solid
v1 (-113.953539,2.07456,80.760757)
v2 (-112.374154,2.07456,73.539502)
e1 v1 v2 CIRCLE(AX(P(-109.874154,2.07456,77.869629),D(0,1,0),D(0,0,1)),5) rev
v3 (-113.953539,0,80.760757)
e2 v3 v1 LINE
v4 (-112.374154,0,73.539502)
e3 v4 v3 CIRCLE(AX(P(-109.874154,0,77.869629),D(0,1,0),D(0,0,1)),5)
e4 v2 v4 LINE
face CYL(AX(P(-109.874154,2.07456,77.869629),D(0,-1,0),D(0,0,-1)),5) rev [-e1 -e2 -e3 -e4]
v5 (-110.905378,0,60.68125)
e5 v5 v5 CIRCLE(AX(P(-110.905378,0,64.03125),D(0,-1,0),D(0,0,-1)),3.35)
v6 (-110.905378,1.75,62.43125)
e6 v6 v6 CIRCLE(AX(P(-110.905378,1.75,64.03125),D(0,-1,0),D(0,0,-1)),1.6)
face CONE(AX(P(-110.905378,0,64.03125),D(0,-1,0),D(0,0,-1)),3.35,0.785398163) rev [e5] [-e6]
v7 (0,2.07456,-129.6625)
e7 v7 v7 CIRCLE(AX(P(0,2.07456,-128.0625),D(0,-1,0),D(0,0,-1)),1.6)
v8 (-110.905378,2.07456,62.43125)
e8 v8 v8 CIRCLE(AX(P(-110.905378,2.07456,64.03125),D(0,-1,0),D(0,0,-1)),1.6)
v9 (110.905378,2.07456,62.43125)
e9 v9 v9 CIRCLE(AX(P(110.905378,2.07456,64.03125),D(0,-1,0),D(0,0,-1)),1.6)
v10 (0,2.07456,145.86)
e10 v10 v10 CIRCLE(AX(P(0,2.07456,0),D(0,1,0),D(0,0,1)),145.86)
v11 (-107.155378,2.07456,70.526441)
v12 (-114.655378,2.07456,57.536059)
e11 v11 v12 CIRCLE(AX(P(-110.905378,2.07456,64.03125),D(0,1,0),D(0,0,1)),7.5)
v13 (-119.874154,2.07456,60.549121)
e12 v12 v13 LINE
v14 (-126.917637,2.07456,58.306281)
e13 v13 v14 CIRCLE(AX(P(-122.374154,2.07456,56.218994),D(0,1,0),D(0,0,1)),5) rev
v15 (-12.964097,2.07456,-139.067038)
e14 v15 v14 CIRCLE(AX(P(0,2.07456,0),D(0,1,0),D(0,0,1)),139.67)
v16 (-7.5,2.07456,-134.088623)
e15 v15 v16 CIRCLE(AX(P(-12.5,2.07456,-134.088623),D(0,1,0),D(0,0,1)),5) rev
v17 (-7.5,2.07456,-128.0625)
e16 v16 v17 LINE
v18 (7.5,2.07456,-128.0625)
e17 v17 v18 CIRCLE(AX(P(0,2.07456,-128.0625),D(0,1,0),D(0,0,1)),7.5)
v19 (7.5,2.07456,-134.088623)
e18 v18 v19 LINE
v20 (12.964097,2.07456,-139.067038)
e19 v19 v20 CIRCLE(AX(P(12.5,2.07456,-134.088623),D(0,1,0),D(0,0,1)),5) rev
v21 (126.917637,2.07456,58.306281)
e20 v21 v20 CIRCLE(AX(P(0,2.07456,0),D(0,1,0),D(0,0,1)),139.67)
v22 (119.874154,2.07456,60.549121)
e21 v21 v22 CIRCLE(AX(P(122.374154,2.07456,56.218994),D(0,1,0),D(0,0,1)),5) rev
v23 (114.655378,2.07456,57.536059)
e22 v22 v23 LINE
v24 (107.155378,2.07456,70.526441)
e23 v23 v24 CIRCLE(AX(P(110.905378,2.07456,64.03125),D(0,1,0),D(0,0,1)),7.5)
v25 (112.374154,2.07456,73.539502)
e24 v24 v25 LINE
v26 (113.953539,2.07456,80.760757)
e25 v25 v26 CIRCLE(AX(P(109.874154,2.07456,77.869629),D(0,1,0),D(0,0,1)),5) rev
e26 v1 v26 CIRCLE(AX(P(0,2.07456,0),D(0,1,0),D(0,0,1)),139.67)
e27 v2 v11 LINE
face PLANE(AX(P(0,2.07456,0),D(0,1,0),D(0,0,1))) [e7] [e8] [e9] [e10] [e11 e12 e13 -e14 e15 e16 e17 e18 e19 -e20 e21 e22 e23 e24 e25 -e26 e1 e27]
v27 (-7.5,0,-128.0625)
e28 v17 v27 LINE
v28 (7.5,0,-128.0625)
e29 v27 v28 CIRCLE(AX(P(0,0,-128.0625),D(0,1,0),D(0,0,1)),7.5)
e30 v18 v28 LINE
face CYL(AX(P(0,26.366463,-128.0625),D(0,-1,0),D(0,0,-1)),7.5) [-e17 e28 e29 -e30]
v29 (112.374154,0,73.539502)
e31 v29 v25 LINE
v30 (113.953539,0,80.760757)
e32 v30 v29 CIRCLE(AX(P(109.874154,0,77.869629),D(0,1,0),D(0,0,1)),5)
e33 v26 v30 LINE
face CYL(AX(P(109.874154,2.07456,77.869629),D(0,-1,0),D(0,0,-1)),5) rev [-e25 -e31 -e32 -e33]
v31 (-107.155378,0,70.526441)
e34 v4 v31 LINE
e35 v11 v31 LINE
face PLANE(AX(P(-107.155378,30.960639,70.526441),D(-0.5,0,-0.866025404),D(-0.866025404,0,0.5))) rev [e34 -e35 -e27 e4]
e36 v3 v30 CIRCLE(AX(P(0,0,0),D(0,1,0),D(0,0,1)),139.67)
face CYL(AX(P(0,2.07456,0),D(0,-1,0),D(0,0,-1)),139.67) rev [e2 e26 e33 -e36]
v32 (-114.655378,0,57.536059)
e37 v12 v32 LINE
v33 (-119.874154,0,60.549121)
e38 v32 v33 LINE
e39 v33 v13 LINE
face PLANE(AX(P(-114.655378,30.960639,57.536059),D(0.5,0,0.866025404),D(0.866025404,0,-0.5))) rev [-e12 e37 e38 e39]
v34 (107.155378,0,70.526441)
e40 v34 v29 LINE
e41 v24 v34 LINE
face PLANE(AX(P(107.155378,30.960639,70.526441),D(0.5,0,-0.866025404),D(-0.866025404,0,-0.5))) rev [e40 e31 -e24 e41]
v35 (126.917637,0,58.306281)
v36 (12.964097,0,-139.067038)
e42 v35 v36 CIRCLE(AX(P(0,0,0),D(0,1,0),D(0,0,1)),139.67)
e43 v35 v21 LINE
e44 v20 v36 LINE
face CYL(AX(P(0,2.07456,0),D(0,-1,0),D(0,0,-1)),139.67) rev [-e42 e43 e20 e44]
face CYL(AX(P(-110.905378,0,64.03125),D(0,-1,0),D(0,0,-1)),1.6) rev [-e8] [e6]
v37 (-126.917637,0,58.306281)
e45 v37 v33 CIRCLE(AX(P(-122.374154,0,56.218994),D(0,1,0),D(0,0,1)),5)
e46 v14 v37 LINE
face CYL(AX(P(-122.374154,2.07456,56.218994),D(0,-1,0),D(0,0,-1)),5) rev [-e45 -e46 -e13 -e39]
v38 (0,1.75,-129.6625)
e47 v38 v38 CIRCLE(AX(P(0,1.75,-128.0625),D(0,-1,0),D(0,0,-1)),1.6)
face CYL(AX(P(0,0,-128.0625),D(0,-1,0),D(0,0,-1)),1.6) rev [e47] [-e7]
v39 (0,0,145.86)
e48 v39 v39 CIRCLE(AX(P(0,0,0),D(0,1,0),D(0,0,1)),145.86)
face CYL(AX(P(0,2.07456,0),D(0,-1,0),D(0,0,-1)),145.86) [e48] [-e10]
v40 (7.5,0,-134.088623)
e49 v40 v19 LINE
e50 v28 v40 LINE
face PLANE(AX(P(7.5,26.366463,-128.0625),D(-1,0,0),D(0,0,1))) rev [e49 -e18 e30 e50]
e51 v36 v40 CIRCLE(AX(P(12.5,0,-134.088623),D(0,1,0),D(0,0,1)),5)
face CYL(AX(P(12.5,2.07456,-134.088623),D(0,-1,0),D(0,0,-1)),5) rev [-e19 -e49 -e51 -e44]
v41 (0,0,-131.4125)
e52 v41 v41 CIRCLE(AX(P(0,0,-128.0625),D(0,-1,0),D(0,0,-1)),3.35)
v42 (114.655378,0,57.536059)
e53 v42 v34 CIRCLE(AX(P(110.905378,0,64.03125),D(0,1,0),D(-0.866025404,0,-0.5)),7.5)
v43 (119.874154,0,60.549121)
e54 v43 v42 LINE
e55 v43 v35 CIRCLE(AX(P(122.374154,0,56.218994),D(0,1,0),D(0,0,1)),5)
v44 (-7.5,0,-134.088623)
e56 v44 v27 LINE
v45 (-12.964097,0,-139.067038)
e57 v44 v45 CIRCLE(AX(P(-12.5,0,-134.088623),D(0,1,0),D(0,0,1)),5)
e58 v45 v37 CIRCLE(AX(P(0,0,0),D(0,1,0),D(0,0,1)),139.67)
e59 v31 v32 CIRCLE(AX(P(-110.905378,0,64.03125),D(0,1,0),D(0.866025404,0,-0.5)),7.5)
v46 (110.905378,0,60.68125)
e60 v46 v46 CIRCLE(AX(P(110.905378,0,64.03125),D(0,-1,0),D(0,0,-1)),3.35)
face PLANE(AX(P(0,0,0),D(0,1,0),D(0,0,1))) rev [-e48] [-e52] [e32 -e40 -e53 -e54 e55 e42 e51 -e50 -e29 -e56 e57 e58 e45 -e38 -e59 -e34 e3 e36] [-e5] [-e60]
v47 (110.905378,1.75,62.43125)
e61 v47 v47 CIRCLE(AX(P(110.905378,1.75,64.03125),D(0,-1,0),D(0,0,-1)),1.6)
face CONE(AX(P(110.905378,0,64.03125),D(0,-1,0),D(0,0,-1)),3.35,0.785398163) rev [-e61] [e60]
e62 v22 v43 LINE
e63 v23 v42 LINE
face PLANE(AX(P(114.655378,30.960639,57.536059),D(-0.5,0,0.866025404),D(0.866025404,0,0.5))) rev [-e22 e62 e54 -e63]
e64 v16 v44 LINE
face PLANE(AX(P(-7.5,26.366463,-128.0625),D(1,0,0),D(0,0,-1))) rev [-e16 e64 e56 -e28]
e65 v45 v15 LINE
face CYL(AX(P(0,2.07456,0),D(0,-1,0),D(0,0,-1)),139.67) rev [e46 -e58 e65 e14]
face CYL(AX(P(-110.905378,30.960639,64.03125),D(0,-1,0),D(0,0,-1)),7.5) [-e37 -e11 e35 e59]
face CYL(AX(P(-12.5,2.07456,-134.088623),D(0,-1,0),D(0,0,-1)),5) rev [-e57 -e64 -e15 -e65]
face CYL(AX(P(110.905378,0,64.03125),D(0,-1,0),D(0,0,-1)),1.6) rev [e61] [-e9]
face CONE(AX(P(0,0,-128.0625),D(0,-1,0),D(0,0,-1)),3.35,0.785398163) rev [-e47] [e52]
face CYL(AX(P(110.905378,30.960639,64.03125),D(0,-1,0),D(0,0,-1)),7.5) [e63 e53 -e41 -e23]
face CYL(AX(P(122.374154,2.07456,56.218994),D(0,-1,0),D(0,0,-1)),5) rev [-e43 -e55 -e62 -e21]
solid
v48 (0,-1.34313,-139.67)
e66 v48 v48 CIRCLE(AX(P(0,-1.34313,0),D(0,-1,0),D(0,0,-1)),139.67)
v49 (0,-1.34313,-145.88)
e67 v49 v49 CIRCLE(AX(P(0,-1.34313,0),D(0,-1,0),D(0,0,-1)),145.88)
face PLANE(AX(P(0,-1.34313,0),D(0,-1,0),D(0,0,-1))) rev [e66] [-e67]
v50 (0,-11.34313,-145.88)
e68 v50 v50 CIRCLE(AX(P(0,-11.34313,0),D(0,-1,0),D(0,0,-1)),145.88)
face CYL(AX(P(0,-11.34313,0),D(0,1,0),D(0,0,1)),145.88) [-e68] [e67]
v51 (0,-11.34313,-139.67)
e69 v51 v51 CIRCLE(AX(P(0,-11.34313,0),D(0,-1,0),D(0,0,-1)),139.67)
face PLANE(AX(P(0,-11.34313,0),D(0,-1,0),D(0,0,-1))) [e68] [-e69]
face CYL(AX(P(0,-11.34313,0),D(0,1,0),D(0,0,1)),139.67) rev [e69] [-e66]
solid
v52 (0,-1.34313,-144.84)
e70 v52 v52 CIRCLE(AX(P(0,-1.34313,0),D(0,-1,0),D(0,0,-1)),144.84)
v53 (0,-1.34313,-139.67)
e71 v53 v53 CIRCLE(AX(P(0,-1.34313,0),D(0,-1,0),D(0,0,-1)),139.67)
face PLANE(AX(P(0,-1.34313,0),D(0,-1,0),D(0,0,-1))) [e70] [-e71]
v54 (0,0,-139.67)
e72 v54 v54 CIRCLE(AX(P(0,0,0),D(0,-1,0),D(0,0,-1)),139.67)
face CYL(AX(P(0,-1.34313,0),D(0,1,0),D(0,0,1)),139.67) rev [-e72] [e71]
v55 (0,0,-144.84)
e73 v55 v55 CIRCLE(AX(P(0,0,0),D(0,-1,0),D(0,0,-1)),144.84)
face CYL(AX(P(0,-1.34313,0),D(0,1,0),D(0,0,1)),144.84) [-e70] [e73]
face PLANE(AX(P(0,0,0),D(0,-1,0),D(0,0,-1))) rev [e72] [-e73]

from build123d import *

# Parameters (mm, degrees)
SKETCH1_R                = 145.86
SKETCH1_R_2              = 139.67
BOSS_EXTRUDE1_DEPTH      = 2.07456
SKETCH6_R                = 144.84
SKETCH6_R_2              = 139.67
BOSS_EXTRUDE3_DEPTH      = 1.34313
SKETCH7_R                = 145.88
SKETCH7_R_2              = 139.67
BOSS_EXTRUDE4_DEPTH      = 10
BOSS_EXTRUDE5_DEPTH      = 2.07456
FILLET1_R                = 5
CIRPATTERN1_COUNT        = 3
CIRPATTERN1_2_COUNT      = 3
FILLET1_OF_CIRPATTERN1_R = 5


with BuildPart() as part:
    # Sketch1 → Boss-Extrude1 (new body)
    with BuildSketch(Plane(origin=(0, 0, 0), x_dir=(1, 0, 0), z_dir=(0, 1, 0))):
        Circle(SKETCH1_R)
        Circle(SKETCH1_R_2, mode=Mode.SUBTRACT)
    extrude(amount=BOSS_EXTRUDE1_DEPTH)

    # Sketch8 → Boss-Extrude5 (add)
    with BuildSketch(Plane(origin=(0, 0, 0), x_dir=(1, 0, 0), z_dir=(0, 1, 0))):
        with BuildLine():
            Line((-7.5, 128.0625), (-7.5, 139.468487122))
            ThreePointArc((-7.5, 139.468487122), (0, 139.67), (7.5, 139.468487122))
            Line((7.5, 139.468487122), (7.5, 128.0625))
            ThreePointArc((7.5, 128.0625), (0, 120.5625), (-7.5, 128.0625))
        make_face()
    boss_extrude5 = extrude(amount=BOSS_EXTRUDE5_DEPTH)

    # Fillet1
    fillet1_edges = [part.edges().sort_by_distance(p)[0] for p in [
        (7.5, 1.03728, -139.468487122),
        (-7.5, 1.03728, -139.468487122),
    ]]
    fillet(fillet1_edges, radius=FILLET1_R)

    # Sketch12 → CSK for M3 Countersunk Flat Head Screw1 (revolve, cut)
    with BuildSketch(Plane(origin=(0, 0, -128.0625), x_dir=(0, 0, -1), z_dir=(1, 0, 0))):
        Polygon((0, 0), (0, 2.07456), (1.6, 2.07456), (1.6, 1.75), (3.35, 0), align=None)
    csk_for_m3_countersunk_flat_head_screw1 = revolve(axis=Axis((0, -6.35, -128.0625), (0, 1, 0)), mode=Mode.SUBTRACT)

    # CirPattern1: Boss-Extrude5 ×3 about axis
    cirpattern1_axis = Axis((0, 0, 0), (0, 1, 0))
    for i in range(1, CIRPATTERN1_COUNT):
        add(boss_extrude5.rotate(cirpattern1_axis, i * 360 / CIRPATTERN1_COUNT))

    # CirPattern1 2: CSK for M3 Countersunk Flat Head Screw1 ×3 about axis
    cirpattern1_2_axis = Axis((0, 0, 0), (0, 1, 0))
    for i in range(1, CIRPATTERN1_2_COUNT):
        add(csk_for_m3_countersunk_flat_head_screw1.rotate(cirpattern1_2_axis, i * 360 / CIRPATTERN1_2_COUNT), mode=Mode.SUBTRACT)

    # Fillet1 of CirPattern1
    fillet1_of_cirpattern1_edges = [part.edges().sort_by_distance(p)[0] for p in [
        (-124.533252875, 1.03728, 63.239053032),
        (-117.033252875, 1.03728, 76.229434089),
        (117.033252875, 1.03728, 76.229434089),
        (124.533252875, 1.03728, 63.239053032),
    ]]
    fillet(fillet1_of_cirpattern1_edges, radius=FILLET1_OF_CIRPATTERN1_R)


with BuildPart() as body_2:
    # Sketch6 → Boss-Extrude3 (new body)
    with BuildSketch(Plane.XZ):
        Circle(SKETCH6_R)
        Circle(SKETCH6_R_2, mode=Mode.SUBTRACT)
    extrude(amount=BOSS_EXTRUDE3_DEPTH)


with BuildPart() as body_3:
    # Sketch7 → Boss-Extrude4 (new body)
    with BuildSketch(Plane.XZ.offset(1.34313)):
        Circle(SKETCH7_R)
        Circle(SKETCH7_R_2, mode=Mode.SUBTRACT)
    extrude(amount=BOSS_EXTRUDE4_DEPTH)


solid = Compound([part.part, body_2.part, body_3.part])
